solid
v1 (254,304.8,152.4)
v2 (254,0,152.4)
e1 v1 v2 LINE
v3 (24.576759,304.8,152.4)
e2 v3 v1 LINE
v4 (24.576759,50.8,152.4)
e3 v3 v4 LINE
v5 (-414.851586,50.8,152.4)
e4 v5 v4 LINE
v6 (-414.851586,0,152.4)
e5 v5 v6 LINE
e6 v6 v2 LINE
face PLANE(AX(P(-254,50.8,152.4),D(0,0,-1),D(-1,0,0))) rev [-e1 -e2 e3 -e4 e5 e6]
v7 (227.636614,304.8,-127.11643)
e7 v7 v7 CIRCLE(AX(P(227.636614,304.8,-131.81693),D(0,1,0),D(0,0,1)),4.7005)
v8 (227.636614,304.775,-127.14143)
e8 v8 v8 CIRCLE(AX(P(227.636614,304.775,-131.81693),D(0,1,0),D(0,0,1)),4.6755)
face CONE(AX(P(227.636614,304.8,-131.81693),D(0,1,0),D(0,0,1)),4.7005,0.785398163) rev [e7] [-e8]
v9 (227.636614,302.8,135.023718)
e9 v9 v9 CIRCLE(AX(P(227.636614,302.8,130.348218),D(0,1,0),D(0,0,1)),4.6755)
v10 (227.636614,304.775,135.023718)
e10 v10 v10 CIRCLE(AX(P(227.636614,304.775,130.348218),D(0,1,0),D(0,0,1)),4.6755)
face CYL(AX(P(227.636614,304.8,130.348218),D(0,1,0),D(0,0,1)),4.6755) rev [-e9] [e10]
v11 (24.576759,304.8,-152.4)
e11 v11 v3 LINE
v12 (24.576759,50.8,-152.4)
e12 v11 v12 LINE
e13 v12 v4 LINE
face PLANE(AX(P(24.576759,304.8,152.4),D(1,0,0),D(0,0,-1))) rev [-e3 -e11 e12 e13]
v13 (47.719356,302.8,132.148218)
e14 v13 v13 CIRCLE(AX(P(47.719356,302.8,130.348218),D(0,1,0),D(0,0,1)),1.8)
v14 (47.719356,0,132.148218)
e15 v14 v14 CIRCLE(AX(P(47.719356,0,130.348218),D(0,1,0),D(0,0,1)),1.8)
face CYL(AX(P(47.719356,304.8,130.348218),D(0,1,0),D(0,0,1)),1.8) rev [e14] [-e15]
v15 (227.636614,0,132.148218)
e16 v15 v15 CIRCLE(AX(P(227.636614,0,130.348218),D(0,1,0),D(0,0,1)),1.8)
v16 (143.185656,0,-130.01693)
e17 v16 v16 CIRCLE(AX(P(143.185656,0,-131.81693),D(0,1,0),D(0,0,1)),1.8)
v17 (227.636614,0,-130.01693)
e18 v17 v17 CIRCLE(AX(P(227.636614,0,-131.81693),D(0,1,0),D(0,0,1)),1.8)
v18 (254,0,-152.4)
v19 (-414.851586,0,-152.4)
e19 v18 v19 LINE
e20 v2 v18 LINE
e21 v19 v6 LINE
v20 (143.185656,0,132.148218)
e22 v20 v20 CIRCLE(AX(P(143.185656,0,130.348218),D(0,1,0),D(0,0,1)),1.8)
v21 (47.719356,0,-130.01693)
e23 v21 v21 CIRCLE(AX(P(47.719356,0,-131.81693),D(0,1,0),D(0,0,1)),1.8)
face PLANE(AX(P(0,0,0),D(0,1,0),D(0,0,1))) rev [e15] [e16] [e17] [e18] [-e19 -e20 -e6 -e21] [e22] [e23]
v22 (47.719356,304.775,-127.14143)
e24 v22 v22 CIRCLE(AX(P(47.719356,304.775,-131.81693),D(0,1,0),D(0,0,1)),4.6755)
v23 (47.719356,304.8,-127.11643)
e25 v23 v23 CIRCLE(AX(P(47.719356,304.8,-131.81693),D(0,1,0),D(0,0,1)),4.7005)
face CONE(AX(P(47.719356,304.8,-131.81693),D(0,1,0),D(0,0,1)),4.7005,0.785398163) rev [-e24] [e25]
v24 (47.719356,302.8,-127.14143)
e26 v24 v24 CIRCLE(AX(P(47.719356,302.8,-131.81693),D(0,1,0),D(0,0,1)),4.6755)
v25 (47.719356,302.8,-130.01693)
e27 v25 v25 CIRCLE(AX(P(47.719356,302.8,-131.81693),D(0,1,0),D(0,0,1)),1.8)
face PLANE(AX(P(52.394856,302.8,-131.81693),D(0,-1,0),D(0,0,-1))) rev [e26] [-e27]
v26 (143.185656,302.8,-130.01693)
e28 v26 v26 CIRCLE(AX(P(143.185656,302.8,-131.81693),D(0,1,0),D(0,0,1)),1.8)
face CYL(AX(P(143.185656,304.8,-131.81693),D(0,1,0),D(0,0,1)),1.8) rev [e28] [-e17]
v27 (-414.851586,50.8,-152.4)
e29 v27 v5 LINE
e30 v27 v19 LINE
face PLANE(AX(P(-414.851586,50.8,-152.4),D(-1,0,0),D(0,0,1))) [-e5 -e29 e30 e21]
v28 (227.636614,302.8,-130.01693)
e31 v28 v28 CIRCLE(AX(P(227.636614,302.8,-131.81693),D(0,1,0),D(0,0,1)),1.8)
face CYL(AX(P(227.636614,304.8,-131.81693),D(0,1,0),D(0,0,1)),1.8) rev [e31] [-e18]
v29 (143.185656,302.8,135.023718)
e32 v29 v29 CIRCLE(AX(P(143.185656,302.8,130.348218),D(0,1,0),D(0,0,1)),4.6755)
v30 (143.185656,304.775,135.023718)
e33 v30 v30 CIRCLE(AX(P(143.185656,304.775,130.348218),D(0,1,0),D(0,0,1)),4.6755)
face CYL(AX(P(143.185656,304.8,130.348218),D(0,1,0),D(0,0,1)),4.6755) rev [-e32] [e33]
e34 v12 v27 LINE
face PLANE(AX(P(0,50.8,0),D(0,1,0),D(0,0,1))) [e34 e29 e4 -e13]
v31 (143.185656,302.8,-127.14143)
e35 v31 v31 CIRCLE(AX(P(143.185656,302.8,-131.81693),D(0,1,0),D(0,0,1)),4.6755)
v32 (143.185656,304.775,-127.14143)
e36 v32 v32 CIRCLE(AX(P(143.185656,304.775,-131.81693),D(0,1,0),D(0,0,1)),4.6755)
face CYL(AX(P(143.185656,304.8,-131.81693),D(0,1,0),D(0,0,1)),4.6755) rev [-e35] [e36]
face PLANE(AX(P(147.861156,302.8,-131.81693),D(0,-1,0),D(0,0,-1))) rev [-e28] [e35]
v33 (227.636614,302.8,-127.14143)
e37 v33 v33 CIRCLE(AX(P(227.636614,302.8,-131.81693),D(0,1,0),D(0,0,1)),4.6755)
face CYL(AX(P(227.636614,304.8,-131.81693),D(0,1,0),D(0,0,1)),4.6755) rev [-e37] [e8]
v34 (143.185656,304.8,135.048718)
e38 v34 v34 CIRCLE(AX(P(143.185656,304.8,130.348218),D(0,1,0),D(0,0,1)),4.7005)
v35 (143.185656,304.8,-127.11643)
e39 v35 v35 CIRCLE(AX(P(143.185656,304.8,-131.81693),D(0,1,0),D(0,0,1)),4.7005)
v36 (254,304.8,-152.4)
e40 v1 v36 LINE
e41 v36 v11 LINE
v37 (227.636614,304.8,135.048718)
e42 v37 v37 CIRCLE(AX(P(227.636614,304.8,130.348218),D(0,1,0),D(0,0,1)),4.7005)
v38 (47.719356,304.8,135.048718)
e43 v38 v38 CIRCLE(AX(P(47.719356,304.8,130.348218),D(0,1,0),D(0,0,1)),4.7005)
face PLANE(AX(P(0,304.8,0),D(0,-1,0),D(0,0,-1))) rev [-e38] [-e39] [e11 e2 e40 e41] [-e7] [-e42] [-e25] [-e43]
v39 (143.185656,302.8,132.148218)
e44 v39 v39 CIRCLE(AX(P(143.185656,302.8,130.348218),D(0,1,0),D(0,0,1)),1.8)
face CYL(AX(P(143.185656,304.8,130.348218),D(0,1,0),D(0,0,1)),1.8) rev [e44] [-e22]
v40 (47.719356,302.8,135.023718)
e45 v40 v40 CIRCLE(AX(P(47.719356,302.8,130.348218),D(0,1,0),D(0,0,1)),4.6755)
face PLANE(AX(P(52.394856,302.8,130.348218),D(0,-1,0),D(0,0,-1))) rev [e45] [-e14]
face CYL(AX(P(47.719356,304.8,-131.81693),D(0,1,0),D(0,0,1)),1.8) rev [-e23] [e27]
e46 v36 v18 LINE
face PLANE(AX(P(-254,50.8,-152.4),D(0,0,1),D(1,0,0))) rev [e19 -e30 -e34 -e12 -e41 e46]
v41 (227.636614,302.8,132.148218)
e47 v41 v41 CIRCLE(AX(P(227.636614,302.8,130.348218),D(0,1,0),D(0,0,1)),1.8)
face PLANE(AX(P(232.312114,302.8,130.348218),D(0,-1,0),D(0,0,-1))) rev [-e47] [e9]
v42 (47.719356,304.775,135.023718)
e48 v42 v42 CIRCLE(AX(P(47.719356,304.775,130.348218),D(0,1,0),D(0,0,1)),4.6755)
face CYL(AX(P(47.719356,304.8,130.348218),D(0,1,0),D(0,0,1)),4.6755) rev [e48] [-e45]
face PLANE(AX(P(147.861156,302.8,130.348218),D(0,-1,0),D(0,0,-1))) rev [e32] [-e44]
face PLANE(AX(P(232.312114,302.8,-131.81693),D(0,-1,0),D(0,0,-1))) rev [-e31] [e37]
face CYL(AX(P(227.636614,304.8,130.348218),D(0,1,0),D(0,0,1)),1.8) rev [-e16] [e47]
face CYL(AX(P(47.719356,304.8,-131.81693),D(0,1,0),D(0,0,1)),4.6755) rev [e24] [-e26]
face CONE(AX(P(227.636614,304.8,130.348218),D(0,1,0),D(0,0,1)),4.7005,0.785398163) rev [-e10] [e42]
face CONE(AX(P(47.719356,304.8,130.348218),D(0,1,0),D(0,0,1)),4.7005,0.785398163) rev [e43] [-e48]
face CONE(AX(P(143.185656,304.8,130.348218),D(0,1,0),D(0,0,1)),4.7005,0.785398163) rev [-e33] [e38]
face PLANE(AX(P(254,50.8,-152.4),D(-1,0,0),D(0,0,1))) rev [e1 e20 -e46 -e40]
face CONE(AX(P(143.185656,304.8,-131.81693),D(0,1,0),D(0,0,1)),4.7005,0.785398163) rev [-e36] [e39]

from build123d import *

# Parameters (mm, degrees)
SKETCH1_W                                   = 508
SKETCH1_H                                   = 304.8
BOSS_EXTRUDE1_DEPTH                         = 50.8
SKETCH2_W                                   = 229.423241107
SKETCH2_H                                   = 304.8
BOSS_EXTRUDE2_DEPTH                         = 254
BOSS_EXTRUDE3_DEPTH                         = 304.8
CBORE_FOR_M3_HEX_HEAD_CAP_SCREW1_AT_2_COUNT = 2
CBORE_FOR_M3_HEX_HEAD_CAP_SCREW1_AT_2_PITCH = 95.46630017
CBORE_FOR_M3_HEX_HEAD_CAP_SCREW1_AT_3_COUNT = 2
CBORE_FOR_M3_HEX_HEAD_CAP_SCREW1_AT_3_PITCH = 179.917258012
CBORE_FOR_M3_HEX_HEAD_CAP_SCREW1_AT_4_COUNT = 2
CBORE_FOR_M3_HEX_HEAD_CAP_SCREW1_AT_4_PITCH = 317.963495132
CBORE_FOR_M3_HEX_HEAD_CAP_SCREW1_AT_5_COUNT = 2
CBORE_FOR_M3_HEX_HEAD_CAP_SCREW1_AT_5_PITCH = 279.006055443
CBORE_FOR_M3_HEX_HEAD_CAP_SCREW1_AT_6_COUNT = 2
CBORE_FOR_M3_HEX_HEAD_CAP_SCREW1_AT_6_PITCH = 262.165147389


with BuildPart() as part:
    # Sketch1 → Boss-Extrude1 (new body)
    with BuildSketch(Plane(origin=(0, 0, 0), x_dir=(1, 0, 0), z_dir=(0, 1, 0))):
        Rectangle(SKETCH1_W, SKETCH1_H)
    extrude(amount=BOSS_EXTRUDE1_DEPTH)

    # Sketch2 → Boss-Extrude2 (add)
    with BuildSketch(Plane(origin=(0, 50.8, 0), x_dir=(1, 0, 0), z_dir=(0, 1, 0))):
        with Locations((139.288379447, 0)):
            Rectangle(SKETCH2_W, SKETCH2_H)
    extrude(amount=BOSS_EXTRUDE2_DEPTH)

    # Sketch3 → Boss-Extrude3 (add)
    with BuildSketch(Plane.XY.offset(152.4)):
        Polygon((-254, 0), (-414.851586113, 0), (-414.851586113, 50.8), (-254, 50.8), (24.576758893, 50.8), (24.576758893, 304.8), (254, 304.8), (254, 0), align=None)
    extrude(amount=-BOSS_EXTRUDE3_DEPTH)

    # Sketch6 → CBORE for M3 Hex Head Cap Screw1 (revolve, cut)
    with BuildSketch(Plane(origin=(47.719356018, 304.8, -131.81692985), x_dir=(0, 0, 1), z_dir=(1, 0, 0))):
        Polygon((0, 0), (0, 304.8), (1.8, 304.8), (1.8, 2), (4.6755, 2), (4.6755, 0.025), (4.7005, 0), align=None)
    cbore_for_m3_hex_head_cap_screw1 = revolve(axis=Axis((47.719356018, 311.15, -131.81692985), (0, -1, 0)), mode=Mode.SUBTRACT)

    # CBORE for M3 Hex Head Cap Screw1 at 2: CBORE for M3 Hex Head Cap Screw1 ×2
    with Locations(*[(i * CBORE_FOR_M3_HEX_HEAD_CAP_SCREW1_AT_2_PITCH, 0, 0) for i in range(1, CBORE_FOR_M3_HEX_HEAD_CAP_SCREW1_AT_2_COUNT)]):
        add(cbore_for_m3_hex_head_cap_screw1, mode=Mode.SUBTRACT)

    # CBORE for M3 Hex Head Cap Screw1 at 3: CBORE for M3 Hex Head Cap Screw1 ×2
    with Locations(*[(i * CBORE_FOR_M3_HEX_HEAD_CAP_SCREW1_AT_3_PITCH, 0, 0) for i in range(1, CBORE_FOR_M3_HEX_HEAD_CAP_SCREW1_AT_3_COUNT)]):
        add(cbore_for_m3_hex_head_cap_screw1, mode=Mode.SUBTRACT)

    # CBORE for M3 Hex Head Cap Screw1 at 4: CBORE for M3 Hex Head Cap Screw1 ×2
    with Locations(*[Vector(0.565842497, 0, 0.824513353) * (i * CBORE_FOR_M3_HEX_HEAD_CAP_SCREW1_AT_4_PITCH) for i in range(1, CBORE_FOR_M3_HEX_HEAD_CAP_SCREW1_AT_4_COUNT)]):
        add(cbore_for_m3_hex_head_cap_screw1, mode=Mode.SUBTRACT)

    # CBORE for M3 Hex Head Cap Screw1 at 5: CBORE for M3 Hex Head Cap Screw1 ×2
    with Locations(*[Vector(0.342165692, 0, 0.939639632) * (i * CBORE_FOR_M3_HEX_HEAD_CAP_SCREW1_AT_5_PITCH) for i in range(1, CBORE_FOR_M3_HEX_HEAD_CAP_SCREW1_AT_5_COUNT)]):
        add(cbore_for_m3_hex_head_cap_screw1, mode=Mode.SUBTRACT)

    # CBORE for M3 Hex Head Cap Screw1 at 6: CBORE for M3 Hex Head Cap Screw1 ×2
    with Locations(*[(0, 0, i * CBORE_FOR_M3_HEX_HEAD_CAP_SCREW1_AT_6_PITCH) for i in range(1, CBORE_FOR_M3_HEX_HEAD_CAP_SCREW1_AT_6_COUNT)]):
        add(cbore_for_m3_hex_head_cap_screw1, mode=Mode.SUBTRACT)


solid = part.part
